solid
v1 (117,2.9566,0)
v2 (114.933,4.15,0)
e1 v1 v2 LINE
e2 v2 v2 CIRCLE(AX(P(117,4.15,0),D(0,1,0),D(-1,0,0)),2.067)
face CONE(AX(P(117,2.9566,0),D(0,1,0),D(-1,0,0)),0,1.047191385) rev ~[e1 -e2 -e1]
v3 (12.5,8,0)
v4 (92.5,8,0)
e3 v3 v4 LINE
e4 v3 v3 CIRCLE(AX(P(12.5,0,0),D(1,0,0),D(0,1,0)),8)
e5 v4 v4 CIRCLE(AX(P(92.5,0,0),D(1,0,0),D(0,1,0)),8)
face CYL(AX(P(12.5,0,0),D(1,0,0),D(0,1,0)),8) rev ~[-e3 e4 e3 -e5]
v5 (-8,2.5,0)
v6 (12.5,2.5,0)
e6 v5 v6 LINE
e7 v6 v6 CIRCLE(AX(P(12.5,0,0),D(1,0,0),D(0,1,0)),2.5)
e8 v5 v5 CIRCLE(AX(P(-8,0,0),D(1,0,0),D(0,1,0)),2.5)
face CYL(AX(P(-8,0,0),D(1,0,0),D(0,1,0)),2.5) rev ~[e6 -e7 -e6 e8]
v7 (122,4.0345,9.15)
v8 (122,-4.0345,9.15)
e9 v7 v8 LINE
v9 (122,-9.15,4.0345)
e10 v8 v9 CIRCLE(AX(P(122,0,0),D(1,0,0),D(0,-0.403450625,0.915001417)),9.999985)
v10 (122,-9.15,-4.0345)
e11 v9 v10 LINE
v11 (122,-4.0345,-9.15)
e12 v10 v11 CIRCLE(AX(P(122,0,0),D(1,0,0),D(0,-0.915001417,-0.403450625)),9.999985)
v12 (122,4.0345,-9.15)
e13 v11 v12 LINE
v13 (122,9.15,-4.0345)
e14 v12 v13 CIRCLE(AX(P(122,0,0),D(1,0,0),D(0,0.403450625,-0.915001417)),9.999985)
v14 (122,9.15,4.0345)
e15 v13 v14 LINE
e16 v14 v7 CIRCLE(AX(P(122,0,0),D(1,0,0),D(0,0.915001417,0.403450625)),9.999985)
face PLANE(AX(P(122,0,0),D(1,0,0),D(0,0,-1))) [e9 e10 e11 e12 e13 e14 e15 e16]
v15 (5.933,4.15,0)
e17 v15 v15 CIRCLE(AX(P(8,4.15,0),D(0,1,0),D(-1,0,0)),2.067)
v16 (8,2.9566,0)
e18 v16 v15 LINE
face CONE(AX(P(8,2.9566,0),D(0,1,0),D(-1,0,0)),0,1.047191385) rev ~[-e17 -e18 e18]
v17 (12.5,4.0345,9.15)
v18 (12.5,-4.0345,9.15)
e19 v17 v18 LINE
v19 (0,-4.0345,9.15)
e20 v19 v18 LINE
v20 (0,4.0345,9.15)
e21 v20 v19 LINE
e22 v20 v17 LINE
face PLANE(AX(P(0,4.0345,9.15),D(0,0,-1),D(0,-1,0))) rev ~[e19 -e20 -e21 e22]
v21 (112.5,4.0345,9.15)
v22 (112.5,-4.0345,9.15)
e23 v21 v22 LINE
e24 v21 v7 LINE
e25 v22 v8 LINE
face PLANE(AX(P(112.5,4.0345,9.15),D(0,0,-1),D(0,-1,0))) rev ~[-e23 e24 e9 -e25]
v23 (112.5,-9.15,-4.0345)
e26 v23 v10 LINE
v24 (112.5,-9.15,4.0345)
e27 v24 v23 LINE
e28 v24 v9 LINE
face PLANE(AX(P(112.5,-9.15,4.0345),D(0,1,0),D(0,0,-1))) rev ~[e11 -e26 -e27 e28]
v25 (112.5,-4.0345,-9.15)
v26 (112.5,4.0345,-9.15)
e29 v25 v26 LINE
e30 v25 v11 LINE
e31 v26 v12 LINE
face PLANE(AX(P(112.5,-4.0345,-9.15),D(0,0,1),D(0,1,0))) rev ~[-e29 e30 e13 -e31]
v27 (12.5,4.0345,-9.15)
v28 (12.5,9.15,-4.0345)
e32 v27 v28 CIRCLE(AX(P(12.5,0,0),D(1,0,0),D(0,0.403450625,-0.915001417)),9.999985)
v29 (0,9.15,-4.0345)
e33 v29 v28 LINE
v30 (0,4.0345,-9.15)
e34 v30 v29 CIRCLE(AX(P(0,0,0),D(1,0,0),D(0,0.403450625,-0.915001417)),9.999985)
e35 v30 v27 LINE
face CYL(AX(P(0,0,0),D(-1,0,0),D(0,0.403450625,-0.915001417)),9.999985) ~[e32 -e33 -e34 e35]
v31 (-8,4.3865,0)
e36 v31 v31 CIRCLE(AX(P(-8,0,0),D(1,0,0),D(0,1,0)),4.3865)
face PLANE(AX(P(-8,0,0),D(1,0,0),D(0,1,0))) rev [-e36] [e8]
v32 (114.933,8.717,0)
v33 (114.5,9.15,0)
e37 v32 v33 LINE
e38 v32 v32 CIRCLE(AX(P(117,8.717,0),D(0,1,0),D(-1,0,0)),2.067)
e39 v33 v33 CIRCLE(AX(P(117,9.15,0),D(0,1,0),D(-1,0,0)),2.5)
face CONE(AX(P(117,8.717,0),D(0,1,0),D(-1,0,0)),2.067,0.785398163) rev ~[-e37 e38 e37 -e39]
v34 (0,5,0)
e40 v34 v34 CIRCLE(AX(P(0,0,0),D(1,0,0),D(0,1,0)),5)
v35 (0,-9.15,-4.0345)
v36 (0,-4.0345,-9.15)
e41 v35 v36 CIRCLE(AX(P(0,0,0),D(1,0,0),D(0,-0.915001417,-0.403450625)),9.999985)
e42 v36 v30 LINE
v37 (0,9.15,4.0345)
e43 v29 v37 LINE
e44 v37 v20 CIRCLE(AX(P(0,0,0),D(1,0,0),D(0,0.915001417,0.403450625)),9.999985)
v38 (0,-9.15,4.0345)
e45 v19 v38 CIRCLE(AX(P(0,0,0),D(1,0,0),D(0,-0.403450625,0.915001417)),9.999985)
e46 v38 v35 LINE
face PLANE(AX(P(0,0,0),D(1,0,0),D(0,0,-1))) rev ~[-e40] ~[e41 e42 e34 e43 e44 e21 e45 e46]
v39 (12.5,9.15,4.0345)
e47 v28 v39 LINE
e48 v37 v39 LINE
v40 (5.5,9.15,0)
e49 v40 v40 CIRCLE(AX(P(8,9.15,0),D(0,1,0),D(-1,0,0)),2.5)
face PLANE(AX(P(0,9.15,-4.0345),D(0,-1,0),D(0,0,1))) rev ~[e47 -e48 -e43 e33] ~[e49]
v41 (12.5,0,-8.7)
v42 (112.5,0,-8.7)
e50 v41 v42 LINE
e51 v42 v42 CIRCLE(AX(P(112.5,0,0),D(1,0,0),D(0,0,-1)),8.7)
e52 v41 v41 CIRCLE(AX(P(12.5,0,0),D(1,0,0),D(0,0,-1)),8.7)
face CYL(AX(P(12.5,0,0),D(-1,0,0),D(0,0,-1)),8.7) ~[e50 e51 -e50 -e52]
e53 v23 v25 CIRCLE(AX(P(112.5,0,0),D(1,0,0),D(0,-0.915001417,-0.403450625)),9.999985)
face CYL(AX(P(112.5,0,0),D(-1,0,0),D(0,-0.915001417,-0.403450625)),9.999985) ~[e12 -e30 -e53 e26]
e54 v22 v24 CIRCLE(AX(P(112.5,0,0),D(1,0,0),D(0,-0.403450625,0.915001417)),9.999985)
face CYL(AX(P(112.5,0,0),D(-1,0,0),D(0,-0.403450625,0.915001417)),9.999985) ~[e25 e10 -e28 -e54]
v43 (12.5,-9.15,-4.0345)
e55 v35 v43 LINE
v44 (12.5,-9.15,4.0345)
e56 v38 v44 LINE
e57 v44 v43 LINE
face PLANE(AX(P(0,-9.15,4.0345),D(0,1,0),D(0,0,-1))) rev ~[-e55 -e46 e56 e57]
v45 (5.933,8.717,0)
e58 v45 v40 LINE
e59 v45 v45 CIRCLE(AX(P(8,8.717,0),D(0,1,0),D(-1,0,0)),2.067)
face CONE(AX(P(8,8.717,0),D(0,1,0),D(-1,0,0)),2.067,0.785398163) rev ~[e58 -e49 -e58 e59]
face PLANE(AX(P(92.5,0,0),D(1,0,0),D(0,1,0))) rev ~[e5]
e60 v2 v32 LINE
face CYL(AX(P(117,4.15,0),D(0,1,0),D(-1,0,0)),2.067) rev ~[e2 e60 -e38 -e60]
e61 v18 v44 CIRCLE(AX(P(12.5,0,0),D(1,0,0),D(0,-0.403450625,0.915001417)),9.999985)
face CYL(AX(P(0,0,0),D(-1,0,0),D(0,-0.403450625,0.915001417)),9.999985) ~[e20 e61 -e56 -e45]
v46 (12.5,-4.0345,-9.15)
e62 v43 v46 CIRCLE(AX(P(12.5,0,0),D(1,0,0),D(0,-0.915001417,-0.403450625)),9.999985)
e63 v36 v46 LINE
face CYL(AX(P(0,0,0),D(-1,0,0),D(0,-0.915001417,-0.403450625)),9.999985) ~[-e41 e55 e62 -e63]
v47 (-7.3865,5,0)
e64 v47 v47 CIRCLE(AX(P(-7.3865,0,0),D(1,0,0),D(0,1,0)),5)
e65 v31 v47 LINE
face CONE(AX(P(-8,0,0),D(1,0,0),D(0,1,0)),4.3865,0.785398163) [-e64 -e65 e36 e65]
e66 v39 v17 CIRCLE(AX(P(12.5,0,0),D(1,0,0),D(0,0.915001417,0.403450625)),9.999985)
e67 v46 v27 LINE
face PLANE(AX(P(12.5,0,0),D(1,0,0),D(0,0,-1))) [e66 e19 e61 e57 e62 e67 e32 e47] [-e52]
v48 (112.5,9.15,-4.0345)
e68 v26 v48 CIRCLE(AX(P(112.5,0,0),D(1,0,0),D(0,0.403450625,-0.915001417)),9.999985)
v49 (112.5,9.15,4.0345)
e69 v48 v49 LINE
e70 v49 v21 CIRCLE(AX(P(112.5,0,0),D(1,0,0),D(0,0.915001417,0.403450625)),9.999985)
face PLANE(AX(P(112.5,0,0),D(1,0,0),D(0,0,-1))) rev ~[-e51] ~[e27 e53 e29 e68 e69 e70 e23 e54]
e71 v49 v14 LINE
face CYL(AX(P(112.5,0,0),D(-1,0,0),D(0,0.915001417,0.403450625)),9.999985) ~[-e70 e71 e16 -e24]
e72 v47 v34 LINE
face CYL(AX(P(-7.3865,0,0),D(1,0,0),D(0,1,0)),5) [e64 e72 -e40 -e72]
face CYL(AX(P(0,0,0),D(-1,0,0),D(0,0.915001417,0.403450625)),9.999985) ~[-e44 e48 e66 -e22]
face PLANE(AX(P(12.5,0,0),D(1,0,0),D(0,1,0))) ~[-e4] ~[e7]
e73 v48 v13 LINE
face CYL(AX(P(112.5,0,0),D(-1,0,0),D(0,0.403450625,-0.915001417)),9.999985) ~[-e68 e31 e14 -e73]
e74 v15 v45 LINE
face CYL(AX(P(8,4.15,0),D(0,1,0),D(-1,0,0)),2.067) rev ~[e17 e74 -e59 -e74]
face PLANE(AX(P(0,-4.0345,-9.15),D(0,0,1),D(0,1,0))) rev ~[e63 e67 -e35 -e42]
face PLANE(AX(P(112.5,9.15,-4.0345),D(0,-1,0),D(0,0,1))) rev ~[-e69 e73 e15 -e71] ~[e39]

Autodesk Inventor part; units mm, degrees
sketch "Sketch_8" plane through (0, 0, 0) normal (0, 0, 1) x (1, 0, 0)
  line L0 (0, 0) -> (-8, 0)
  line L1 (-8, 0) -> (-8, 4.3865)
  line L2 (-8, 4.3865) -> (-7.3865, 5)
  line L3 (-7.3865, 5) -> (0, 5)
  line L4 (0, 5) -> (0, 0)
  line L5 (0, 0) -> (-8, 0)
revolve "Revolution1" add sketch "Sketch_8" angle 360 about axis through (0, 0, 0) along (1, 0, 0)
thread "Thread1" size "M10x1" class "6g" standard "ISO Metric profile" length 5.8865
sketch "Sketch_9" plane through (0, 0, 0) normal (1, 0, 0) x (0, 0, -1)
  line L0 (-9.15, 4.0345) -> (-9.15, -4.0345)
  arc A0 (-9.15, -4.0345) -> (-4.0345, -9.15) centre (0, 0) ccw
  line L1 (-4.0345, -9.15) -> (4.0345, -9.15)
  arc A1 (4.0345, -9.15) -> (9.15, -4.0345) centre (0, 0) ccw
  line L2 (9.15, -4.0345) -> (9.15, 4.0345)
  arc A2 (9.15, 4.0345) -> (4.0345, 9.15) centre (0, 0) ccw
  line L3 (4.0345, 9.15) -> (-4.0345, 9.15)
  arc A3 (-4.0345, 9.15) -> (-9.15, 4.0345) centre (0, 0) ccw
extrude "Extrusion1" add sketch "Sketch_9" along normal blind 12.5
sketch "Sketch_11" plane through (12.5, 0, 0) normal (1, 0, 0) x (0, 0, -1)
  circle A0 centre (0, 0) radius 8.7
extrude "Extrusion2" add sketch "Sketch_11" along normal blind 100
sketch "Sketch_10" plane through (112.5, 0, 0) normal (1, 0, 0) x (0, 0, -1)
  line L0 (-9.15, 4.0345) -> (-9.15, -4.0345)
  arc A0 (-9.15, -4.0345) -> (-4.0345, -9.15) centre (0, 0) ccw
  line L1 (-4.0345, -9.15) -> (4.0345, -9.15)
  arc A1 (4.0345, -9.15) -> (9.15, -4.0345) centre (0, 0) ccw
  line L2 (9.15, -4.0345) -> (9.15, 4.0345)
  arc A2 (9.15, 4.0345) -> (4.0345, 9.15) centre (0, 0) ccw
  line L3 (4.0345, 9.15) -> (-4.0345, 9.15)
  arc A3 (-4.0345, 9.15) -> (-9.15, 4.0345) centre (0, 0) ccw
extrude "Extrusion3" add sketch "Sketch_10" along normal blind 9.5
sketch "Sketch7" plane through (0, 0, 0) normal (0, 0, 1) x (1, 0, 0)
  line L0 (8, 9.15) -> (8, 4.15)
  line L1 (8, 2.9566) -> (5.933, 4.15)
  line L2 (5.933, 4.15) -> (5.933, 8.717)
  line L3 (5.933, 8.717) -> (5.5, 9.15)
  line L4 (5.5, 9.15) -> (8, 9.15)
  line L5 (8, 9.15) -> (8, 2.9566)
revolve "Revolution2" cut sketch "Sketch7" angle 360 about axis through (8, 9.15, 0) along (0, 1, 0)
thread "Thread2" size "M5x0.8" class "6H" standard "ISO Metric profile" full length
sketch "Sketch_7" plane through (0, 0, 0) normal (0, 0, 1) x (1, 0, 0)
  line L0 (117, 9.15) -> (117, 4.15)
  line L1 (117, 2.9566) -> (114.933, 4.15)
  line L2 (114.933, 4.15) -> (114.933, 8.717)
  line L3 (114.933, 8.717) -> (114.5, 9.15)
  line L4 (114.5, 9.15) -> (117, 9.15)
  line L5 (117, 9.15) -> (117, 2.9566)
revolve "Revolution3" cut sketch "Sketch_7" angle 360 about axis through (117, 9.15, 0) along (0, 1, 0)
thread "Thread3" size "M5x0.8" class "6H" standard "ISO Metric profile" full length
sketch "Sketch_16" plane through (0, 0, 0) normal (0, 0, 1) x (1, 0, 0)
  line L0 (92.5, 0) -> (-8, 0)
  line L1 (-8, 0) -> (-8, 2.5)
  line L2 (-8, 2.5) -> (12.5, 2.5)
  line L3 (12.5, 2.5) -> (12.5, 8)
  line L4 (12.5, 8) -> (92.5, 8)
  line L5 (92.5, 8) -> (92.5, 0)
  line L6 (92.5, 0) -> (-8, 0)
revolve "Revolution4" cut sketch "Sketch_16" angle 360 about axis through (92.5, 0, 0) along (1, 0, 0)
ref_plane "BODY_N_XY" through (122, 0, 0) normal (0, 0, -1) x (1, 0, 0)
ref_plane "BODY_N_YZ" through (122, 0, 0) normal (1, 0, 0) x (0, -1, 0)
ref_plane "BODY_N_ZX" through (122, 0, 0) normal (0, -1, 0) x (0, 0, -1)
ref_plane "NUT2_XY" through (122, 0, 0) normal (1, 0, 0) x (0, 0, -1)
ref_plane "NUT2_YZ" through (122, 0, 0) normal (0, 0, -1) x (0, 1, 0)
ref_plane "NUT2_ZX" through (122, 0, 0) normal (0, 1, 0) x (1, 0, 0)
ref_plane "SW1_XY" through (17.5, 0, 0) normal (1, 0, 0) x (0, 0, -1)
ref_plane "SW1_YZ" through (17.5, 0, 0) normal (0, 0, -1) x (0, 1, 0)
ref_plane "SW1_ZX" through (17.5, 0, 0) normal (0, 1, 0) x (1, 0, 0)
ref_plane "SW2_XY" through (107.5, 0, 0) normal (-1, 0, 0) x (0, 0, -1)
ref_plane "SW2_YZ" through (107.5, 0, 0) normal (0, 0, -1) x (0, -1, 0)
ref_plane "SW2_ZX" through (107.5, 0, 0) normal (0, -1, 0) x (-1, 0, 0)
ref_plane "SW_R1_XY" through (17.5, -14.15, 0) normal (1, 0, 0) x (0, 0, -1)
ref_plane "SW_R1_YZ" through (17.5, -14.15, 0) normal (0, 0, -1) x (0, 1, 0)
ref_plane "SW_R1_ZX" through (17.5, -14.15, 0) normal (0, 1, 0) x (1, 0, 0)
ref_plane "SW_R2_XY" through (107.5, -14.15, 0) normal (-1, 0, 0) x (0, 0, -1)
ref_plane "SW_R2_YZ" through (107.5, -14.15, 0) normal (0, 0, -1) x (0, -1, 0)
ref_plane "SW_R2_ZX" through (107.5, -14.15, 0) normal (0, -1, 0) x (-1, 0, 0)
ref_plane "body_XY" through (0, 0, 0) normal (1, 0, 0) x (0, 0, -1)
ref_plane "body_YZ" through (0, 0, 0) normal (0, 0, -1) x (0, 1, 0)
ref_plane "body_ZX" through (0, 0, 0) normal (0, 1, 0) x (1, 0, 0)
properties part number "CJ2B16-75Z(1_0)_BODY"
